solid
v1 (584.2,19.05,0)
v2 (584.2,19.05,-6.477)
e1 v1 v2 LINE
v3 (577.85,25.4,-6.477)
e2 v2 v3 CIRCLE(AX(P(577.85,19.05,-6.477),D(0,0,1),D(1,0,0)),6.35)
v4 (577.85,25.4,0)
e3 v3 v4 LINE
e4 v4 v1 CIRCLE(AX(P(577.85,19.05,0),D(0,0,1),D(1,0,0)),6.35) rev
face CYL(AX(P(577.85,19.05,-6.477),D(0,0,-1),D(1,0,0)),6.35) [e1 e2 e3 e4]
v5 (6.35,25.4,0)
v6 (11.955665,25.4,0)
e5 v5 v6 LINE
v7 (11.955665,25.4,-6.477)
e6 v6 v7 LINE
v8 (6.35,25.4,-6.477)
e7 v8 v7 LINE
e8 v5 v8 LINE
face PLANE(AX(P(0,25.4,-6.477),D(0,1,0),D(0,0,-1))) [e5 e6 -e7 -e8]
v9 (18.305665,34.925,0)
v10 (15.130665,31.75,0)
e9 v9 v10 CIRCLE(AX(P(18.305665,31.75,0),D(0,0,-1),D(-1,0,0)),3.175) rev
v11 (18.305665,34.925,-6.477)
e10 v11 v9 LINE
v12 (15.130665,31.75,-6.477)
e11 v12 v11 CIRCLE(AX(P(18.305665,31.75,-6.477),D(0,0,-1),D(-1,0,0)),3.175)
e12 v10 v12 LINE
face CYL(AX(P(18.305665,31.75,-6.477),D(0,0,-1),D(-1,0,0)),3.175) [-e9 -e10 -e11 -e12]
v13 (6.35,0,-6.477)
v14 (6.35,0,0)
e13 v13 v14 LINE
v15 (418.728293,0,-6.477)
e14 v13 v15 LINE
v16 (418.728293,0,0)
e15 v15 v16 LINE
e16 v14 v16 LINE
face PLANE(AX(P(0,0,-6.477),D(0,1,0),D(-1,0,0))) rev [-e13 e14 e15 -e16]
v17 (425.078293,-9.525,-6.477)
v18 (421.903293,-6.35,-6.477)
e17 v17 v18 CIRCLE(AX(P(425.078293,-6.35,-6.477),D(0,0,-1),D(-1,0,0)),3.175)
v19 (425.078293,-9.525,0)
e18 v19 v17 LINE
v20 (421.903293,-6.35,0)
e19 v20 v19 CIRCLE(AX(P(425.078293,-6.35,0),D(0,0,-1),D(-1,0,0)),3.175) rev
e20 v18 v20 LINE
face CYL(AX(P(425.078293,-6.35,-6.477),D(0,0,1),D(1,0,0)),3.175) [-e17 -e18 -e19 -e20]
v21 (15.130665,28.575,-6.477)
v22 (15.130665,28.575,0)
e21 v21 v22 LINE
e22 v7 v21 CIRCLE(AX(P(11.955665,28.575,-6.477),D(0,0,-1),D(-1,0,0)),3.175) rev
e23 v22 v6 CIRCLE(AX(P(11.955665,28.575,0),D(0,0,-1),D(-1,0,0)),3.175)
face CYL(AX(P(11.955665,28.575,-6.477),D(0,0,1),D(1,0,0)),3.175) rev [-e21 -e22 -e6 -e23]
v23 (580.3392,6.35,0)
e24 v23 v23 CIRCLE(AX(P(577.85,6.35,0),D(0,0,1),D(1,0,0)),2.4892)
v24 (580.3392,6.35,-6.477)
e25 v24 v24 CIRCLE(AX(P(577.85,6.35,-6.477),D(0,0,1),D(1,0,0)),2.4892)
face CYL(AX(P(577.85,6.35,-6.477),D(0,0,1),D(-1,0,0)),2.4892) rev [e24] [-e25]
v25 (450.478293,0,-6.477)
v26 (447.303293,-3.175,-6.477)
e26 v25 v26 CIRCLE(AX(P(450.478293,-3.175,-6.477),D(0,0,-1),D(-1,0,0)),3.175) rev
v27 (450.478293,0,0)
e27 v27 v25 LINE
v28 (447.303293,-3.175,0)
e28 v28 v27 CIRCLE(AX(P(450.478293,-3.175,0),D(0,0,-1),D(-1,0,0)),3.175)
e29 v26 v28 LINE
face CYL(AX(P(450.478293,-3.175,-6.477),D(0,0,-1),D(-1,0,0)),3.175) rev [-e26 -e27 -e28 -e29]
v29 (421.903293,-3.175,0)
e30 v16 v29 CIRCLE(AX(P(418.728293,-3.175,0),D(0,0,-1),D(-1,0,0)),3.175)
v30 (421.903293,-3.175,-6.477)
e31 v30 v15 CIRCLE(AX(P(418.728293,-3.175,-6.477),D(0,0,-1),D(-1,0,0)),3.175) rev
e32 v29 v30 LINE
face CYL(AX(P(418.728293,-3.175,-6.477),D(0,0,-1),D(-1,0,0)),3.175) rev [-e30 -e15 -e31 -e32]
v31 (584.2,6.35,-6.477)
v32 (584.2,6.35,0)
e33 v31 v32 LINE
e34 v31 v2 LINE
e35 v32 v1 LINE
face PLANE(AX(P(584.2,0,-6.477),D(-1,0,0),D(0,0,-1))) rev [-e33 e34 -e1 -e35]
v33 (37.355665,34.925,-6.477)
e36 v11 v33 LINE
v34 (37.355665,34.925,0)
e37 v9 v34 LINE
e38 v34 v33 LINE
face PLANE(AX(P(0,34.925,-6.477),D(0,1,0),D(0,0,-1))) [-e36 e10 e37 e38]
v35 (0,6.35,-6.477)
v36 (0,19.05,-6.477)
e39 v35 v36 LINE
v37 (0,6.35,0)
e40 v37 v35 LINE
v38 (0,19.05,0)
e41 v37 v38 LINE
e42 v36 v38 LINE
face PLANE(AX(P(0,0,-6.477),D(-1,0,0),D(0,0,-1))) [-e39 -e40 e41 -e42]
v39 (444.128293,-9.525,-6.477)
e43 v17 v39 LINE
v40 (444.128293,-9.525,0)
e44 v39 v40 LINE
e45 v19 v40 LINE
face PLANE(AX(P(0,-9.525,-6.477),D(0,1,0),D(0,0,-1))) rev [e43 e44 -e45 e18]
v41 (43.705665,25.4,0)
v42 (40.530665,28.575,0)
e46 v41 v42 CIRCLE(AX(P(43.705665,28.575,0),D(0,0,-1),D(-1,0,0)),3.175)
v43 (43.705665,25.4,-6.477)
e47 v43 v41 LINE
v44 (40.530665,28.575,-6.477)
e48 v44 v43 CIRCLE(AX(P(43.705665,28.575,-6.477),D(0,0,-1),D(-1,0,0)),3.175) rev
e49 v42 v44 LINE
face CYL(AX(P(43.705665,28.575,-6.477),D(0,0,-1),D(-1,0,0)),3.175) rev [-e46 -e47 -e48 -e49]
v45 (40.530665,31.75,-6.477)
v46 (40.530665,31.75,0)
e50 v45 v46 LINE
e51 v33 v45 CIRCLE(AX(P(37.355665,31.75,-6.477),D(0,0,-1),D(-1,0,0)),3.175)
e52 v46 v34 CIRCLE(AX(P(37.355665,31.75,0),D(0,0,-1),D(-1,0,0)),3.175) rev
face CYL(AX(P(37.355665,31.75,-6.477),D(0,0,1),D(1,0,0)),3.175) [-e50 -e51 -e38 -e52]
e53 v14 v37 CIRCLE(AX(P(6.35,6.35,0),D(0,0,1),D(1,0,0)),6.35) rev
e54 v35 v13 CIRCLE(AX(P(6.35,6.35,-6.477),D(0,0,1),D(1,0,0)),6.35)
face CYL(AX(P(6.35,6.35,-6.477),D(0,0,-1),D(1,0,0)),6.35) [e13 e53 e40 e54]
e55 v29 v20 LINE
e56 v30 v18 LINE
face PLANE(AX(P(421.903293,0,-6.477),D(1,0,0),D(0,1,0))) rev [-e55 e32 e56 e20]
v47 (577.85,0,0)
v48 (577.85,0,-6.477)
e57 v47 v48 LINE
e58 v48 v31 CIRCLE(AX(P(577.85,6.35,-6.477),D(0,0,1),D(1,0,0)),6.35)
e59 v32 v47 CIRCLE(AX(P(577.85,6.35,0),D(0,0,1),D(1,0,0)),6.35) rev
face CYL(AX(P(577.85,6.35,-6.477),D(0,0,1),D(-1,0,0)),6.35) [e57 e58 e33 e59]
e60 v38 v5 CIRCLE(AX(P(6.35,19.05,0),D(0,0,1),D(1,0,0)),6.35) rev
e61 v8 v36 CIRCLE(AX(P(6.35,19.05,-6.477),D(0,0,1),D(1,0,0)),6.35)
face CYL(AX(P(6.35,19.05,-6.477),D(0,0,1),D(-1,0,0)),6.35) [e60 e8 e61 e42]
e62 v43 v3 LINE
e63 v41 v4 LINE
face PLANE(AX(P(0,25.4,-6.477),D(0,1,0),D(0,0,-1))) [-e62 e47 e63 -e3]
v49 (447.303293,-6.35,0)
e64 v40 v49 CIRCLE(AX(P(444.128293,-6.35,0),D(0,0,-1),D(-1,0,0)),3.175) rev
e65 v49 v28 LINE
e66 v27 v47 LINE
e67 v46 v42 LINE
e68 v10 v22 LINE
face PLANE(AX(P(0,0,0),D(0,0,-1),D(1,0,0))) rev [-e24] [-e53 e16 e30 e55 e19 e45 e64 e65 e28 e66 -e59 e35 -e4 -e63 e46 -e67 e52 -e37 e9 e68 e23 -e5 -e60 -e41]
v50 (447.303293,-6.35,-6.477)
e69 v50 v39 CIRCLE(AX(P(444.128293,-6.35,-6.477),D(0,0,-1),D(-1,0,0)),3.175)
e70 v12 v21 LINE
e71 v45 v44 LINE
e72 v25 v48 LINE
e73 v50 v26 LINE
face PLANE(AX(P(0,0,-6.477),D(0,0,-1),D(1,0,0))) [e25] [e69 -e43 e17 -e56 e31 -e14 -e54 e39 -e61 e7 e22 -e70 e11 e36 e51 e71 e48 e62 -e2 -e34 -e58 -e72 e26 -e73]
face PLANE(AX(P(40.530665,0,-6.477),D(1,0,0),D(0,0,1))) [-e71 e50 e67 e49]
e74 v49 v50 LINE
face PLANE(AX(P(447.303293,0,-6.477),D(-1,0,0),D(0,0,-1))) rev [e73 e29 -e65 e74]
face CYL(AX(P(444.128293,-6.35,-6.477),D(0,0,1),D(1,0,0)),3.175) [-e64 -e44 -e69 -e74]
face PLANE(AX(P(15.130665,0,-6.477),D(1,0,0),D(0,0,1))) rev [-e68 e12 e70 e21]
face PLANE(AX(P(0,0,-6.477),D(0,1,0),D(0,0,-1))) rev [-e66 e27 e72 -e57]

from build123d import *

# Parameters (mm, degrees)
SKETCH1_R           = 2.4892
BOSS_EXTRUDE1_DEPTH = 6.477
FILLET2_R           = 6.35
FILLET3_R           = 3.175


with BuildPart() as part:
    # Sketch1 → Boss-Extrude1 (new body)
    with BuildSketch(Plane.XY):
        Polygon((0, 0), (40.53078, 0), (421.903292844, 0), (421.903292844, -9.525), (447.303292844, -9.525), (447.303292844, 0), (584.2, 0), (584.2, 25.4), (40.530665192, 25.4), (40.530665192, 34.925), (15.130665192, 34.925), (15.130665192, 25.4), (0, 25.4), align=None)
        with Locations((577.85, 6.35)):
            Circle(SKETCH1_R, mode=Mode.SUBTRACT)
    extrude(amount=BOSS_EXTRUDE1_DEPTH)

    # Fillet2
    fillet2_edges = [part.edges().sort_by_distance(p)[0] for p in [
        (0, 0, 3.2385),
        (0, 25.4, 3.2385),
        (584.2, 25.4, 3.2385),
        (584.2, 0, 3.2385),
    ]]
    fillet(fillet2_edges, radius=FILLET2_R)


with BuildPart() as body_2:
    # Mirror2: mirrored copy
    add(part.part.mirror(Plane.XY))

    # Fillet3
    fillet3_edges = [body_2.edges().sort_by_distance(p)[0] for p in [
        (447.303292844, -9.525, -3.2385),
        (421.903292844, -9.525, -3.2385),
        (421.903292844, 0, -3.2385),
        (15.130665192, 25.4, -3.2385),
        (15.130665192, 34.925, -3.2385),
        (40.530665192, 34.925, -3.2385),
        (40.530665192, 25.4, -3.2385),
        (447.303292844, 0, -3.2385),
    ]]
    fillet(fillet3_edges, radius=FILLET3_R)


solid = body_2.part
